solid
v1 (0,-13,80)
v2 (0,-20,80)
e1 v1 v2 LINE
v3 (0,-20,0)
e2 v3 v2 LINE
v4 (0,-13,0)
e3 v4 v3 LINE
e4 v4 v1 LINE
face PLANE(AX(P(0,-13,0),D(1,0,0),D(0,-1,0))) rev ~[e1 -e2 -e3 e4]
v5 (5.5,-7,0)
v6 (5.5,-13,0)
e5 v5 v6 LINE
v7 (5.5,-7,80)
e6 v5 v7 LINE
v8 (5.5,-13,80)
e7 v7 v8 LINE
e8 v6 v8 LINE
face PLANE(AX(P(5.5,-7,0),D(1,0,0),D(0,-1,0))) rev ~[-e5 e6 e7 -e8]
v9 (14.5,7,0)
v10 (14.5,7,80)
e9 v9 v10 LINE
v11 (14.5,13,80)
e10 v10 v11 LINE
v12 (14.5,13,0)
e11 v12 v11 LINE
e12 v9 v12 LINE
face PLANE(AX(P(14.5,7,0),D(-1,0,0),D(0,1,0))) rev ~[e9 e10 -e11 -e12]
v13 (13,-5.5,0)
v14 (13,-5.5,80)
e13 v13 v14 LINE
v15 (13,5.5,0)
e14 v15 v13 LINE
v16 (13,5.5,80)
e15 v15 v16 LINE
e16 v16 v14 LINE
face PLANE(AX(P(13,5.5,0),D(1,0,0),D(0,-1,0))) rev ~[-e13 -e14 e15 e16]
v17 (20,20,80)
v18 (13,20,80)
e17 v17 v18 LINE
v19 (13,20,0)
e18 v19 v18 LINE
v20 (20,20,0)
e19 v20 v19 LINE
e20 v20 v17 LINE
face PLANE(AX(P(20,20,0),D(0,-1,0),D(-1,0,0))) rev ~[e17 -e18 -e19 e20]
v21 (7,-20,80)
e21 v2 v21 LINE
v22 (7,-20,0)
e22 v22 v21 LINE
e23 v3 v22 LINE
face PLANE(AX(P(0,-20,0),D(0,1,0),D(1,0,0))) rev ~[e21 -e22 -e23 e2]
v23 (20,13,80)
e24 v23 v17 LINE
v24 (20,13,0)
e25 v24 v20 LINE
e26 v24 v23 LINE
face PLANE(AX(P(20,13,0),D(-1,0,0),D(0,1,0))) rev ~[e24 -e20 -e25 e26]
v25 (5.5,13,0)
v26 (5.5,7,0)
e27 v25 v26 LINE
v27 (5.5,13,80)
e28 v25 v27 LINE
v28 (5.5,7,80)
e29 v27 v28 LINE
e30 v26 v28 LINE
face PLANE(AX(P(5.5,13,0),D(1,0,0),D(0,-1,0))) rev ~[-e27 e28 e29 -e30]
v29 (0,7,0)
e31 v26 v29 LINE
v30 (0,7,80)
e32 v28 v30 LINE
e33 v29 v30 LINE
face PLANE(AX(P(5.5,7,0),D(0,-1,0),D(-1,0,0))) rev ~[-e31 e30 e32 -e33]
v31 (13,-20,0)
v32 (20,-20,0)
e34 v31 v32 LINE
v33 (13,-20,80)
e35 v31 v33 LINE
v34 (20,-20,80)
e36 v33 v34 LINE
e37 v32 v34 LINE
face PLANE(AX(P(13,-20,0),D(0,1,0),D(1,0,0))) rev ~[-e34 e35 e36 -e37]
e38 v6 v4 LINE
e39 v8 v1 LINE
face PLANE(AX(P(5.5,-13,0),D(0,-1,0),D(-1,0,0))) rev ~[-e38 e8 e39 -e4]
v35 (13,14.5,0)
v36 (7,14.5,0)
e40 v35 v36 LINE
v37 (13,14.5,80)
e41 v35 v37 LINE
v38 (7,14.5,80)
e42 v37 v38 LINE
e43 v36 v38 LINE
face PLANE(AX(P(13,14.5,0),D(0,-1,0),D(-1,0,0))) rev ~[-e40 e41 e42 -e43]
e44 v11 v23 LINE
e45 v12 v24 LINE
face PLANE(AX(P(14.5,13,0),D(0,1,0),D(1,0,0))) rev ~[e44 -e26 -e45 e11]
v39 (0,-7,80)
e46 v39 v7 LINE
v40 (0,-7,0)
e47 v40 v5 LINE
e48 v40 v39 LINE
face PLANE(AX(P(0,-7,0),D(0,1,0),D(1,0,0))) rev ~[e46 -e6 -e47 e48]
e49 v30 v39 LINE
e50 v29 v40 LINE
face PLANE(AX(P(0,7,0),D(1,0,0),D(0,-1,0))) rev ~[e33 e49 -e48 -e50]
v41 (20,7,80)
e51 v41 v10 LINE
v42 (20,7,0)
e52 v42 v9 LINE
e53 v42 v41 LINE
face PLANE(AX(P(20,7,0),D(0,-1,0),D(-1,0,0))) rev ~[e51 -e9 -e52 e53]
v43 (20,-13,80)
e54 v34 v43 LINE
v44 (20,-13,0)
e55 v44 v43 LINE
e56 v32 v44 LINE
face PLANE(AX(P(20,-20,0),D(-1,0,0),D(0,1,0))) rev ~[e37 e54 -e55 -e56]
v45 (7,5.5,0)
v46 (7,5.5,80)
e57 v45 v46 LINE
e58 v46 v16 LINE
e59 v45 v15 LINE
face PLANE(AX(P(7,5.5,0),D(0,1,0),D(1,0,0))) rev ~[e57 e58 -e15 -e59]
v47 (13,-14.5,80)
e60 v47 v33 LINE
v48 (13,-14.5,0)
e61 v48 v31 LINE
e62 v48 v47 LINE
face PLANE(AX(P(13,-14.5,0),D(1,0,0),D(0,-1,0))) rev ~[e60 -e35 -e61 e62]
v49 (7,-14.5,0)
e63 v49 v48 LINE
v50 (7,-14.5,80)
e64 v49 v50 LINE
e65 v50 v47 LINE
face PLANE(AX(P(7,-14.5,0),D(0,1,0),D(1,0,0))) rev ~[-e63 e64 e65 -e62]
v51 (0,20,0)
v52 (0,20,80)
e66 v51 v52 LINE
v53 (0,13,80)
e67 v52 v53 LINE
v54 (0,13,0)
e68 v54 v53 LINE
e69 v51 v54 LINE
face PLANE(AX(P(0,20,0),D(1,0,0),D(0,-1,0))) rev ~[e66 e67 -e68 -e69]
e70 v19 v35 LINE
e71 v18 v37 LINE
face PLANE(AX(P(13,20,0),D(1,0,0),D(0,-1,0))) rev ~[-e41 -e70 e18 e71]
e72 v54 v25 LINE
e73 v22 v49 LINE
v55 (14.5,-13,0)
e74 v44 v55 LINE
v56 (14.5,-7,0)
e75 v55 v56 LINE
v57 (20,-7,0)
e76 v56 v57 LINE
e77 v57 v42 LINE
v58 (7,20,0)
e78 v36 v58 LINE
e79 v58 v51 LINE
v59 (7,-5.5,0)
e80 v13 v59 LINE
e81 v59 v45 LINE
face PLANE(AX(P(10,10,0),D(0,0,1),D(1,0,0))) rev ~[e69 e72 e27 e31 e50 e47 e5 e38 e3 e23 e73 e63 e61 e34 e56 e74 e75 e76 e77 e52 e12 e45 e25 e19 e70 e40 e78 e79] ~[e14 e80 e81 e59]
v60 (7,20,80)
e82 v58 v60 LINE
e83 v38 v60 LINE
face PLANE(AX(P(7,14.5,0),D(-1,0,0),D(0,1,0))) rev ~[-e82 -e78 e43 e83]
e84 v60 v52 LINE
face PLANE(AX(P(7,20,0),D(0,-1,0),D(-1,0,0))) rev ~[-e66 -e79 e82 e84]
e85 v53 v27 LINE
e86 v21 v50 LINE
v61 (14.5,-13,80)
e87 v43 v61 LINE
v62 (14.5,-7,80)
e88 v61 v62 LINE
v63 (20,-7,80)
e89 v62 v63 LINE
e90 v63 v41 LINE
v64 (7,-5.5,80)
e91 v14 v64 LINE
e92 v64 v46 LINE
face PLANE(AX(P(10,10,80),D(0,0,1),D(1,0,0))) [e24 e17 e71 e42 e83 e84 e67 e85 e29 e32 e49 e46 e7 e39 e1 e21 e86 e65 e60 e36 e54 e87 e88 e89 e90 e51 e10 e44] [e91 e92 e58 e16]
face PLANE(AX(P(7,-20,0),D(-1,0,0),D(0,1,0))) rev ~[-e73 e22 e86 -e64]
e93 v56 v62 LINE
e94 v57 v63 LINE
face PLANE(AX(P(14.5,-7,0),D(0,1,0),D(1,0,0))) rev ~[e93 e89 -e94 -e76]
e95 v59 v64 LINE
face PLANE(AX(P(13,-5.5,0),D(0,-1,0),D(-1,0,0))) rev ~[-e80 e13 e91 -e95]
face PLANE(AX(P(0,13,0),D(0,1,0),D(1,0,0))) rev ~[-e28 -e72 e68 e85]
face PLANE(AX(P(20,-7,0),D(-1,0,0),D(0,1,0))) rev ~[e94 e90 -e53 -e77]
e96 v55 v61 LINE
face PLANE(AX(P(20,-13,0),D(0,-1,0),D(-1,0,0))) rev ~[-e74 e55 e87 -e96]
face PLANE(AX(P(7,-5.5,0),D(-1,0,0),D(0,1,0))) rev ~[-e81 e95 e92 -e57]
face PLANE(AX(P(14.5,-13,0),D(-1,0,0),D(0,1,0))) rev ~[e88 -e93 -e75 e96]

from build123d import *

# Parameters (mm, degrees)
F1_DEPTH = 80


with BuildPart() as f1:
    # F0 (on Top) → F1 (new body)
    with BuildSketch(Plane.XY):
        Polygon((0, 7), (0, 0), (7, 0), (7, 5.5), (13, 5.5), (13, 0), (20, 0), (20, 7), (14.5, 7), (14.5, 13), (20, 13), (20, 20), (13, 20), (13, 14.5), (7, 14.5), (7, 20), (0, 20), (0, 13), (5.5, 13), (5.5, 7), align=None)
        Polygon((7, 0), (0, 0), (0, -7), (5.5, -7), (5.5, -13), (0, -13), (0, -20), (7, -20), (7, -14.5), (13, -14.5), (13, -20), (20, -20), (20, -13), (14.5, -13), (14.5, -7), (20, -7), (20, 0), (13, 0), (13, -5.5), (7, -5.5), align=None)
    extrude(amount=F1_DEPTH)


solid = f1.part
